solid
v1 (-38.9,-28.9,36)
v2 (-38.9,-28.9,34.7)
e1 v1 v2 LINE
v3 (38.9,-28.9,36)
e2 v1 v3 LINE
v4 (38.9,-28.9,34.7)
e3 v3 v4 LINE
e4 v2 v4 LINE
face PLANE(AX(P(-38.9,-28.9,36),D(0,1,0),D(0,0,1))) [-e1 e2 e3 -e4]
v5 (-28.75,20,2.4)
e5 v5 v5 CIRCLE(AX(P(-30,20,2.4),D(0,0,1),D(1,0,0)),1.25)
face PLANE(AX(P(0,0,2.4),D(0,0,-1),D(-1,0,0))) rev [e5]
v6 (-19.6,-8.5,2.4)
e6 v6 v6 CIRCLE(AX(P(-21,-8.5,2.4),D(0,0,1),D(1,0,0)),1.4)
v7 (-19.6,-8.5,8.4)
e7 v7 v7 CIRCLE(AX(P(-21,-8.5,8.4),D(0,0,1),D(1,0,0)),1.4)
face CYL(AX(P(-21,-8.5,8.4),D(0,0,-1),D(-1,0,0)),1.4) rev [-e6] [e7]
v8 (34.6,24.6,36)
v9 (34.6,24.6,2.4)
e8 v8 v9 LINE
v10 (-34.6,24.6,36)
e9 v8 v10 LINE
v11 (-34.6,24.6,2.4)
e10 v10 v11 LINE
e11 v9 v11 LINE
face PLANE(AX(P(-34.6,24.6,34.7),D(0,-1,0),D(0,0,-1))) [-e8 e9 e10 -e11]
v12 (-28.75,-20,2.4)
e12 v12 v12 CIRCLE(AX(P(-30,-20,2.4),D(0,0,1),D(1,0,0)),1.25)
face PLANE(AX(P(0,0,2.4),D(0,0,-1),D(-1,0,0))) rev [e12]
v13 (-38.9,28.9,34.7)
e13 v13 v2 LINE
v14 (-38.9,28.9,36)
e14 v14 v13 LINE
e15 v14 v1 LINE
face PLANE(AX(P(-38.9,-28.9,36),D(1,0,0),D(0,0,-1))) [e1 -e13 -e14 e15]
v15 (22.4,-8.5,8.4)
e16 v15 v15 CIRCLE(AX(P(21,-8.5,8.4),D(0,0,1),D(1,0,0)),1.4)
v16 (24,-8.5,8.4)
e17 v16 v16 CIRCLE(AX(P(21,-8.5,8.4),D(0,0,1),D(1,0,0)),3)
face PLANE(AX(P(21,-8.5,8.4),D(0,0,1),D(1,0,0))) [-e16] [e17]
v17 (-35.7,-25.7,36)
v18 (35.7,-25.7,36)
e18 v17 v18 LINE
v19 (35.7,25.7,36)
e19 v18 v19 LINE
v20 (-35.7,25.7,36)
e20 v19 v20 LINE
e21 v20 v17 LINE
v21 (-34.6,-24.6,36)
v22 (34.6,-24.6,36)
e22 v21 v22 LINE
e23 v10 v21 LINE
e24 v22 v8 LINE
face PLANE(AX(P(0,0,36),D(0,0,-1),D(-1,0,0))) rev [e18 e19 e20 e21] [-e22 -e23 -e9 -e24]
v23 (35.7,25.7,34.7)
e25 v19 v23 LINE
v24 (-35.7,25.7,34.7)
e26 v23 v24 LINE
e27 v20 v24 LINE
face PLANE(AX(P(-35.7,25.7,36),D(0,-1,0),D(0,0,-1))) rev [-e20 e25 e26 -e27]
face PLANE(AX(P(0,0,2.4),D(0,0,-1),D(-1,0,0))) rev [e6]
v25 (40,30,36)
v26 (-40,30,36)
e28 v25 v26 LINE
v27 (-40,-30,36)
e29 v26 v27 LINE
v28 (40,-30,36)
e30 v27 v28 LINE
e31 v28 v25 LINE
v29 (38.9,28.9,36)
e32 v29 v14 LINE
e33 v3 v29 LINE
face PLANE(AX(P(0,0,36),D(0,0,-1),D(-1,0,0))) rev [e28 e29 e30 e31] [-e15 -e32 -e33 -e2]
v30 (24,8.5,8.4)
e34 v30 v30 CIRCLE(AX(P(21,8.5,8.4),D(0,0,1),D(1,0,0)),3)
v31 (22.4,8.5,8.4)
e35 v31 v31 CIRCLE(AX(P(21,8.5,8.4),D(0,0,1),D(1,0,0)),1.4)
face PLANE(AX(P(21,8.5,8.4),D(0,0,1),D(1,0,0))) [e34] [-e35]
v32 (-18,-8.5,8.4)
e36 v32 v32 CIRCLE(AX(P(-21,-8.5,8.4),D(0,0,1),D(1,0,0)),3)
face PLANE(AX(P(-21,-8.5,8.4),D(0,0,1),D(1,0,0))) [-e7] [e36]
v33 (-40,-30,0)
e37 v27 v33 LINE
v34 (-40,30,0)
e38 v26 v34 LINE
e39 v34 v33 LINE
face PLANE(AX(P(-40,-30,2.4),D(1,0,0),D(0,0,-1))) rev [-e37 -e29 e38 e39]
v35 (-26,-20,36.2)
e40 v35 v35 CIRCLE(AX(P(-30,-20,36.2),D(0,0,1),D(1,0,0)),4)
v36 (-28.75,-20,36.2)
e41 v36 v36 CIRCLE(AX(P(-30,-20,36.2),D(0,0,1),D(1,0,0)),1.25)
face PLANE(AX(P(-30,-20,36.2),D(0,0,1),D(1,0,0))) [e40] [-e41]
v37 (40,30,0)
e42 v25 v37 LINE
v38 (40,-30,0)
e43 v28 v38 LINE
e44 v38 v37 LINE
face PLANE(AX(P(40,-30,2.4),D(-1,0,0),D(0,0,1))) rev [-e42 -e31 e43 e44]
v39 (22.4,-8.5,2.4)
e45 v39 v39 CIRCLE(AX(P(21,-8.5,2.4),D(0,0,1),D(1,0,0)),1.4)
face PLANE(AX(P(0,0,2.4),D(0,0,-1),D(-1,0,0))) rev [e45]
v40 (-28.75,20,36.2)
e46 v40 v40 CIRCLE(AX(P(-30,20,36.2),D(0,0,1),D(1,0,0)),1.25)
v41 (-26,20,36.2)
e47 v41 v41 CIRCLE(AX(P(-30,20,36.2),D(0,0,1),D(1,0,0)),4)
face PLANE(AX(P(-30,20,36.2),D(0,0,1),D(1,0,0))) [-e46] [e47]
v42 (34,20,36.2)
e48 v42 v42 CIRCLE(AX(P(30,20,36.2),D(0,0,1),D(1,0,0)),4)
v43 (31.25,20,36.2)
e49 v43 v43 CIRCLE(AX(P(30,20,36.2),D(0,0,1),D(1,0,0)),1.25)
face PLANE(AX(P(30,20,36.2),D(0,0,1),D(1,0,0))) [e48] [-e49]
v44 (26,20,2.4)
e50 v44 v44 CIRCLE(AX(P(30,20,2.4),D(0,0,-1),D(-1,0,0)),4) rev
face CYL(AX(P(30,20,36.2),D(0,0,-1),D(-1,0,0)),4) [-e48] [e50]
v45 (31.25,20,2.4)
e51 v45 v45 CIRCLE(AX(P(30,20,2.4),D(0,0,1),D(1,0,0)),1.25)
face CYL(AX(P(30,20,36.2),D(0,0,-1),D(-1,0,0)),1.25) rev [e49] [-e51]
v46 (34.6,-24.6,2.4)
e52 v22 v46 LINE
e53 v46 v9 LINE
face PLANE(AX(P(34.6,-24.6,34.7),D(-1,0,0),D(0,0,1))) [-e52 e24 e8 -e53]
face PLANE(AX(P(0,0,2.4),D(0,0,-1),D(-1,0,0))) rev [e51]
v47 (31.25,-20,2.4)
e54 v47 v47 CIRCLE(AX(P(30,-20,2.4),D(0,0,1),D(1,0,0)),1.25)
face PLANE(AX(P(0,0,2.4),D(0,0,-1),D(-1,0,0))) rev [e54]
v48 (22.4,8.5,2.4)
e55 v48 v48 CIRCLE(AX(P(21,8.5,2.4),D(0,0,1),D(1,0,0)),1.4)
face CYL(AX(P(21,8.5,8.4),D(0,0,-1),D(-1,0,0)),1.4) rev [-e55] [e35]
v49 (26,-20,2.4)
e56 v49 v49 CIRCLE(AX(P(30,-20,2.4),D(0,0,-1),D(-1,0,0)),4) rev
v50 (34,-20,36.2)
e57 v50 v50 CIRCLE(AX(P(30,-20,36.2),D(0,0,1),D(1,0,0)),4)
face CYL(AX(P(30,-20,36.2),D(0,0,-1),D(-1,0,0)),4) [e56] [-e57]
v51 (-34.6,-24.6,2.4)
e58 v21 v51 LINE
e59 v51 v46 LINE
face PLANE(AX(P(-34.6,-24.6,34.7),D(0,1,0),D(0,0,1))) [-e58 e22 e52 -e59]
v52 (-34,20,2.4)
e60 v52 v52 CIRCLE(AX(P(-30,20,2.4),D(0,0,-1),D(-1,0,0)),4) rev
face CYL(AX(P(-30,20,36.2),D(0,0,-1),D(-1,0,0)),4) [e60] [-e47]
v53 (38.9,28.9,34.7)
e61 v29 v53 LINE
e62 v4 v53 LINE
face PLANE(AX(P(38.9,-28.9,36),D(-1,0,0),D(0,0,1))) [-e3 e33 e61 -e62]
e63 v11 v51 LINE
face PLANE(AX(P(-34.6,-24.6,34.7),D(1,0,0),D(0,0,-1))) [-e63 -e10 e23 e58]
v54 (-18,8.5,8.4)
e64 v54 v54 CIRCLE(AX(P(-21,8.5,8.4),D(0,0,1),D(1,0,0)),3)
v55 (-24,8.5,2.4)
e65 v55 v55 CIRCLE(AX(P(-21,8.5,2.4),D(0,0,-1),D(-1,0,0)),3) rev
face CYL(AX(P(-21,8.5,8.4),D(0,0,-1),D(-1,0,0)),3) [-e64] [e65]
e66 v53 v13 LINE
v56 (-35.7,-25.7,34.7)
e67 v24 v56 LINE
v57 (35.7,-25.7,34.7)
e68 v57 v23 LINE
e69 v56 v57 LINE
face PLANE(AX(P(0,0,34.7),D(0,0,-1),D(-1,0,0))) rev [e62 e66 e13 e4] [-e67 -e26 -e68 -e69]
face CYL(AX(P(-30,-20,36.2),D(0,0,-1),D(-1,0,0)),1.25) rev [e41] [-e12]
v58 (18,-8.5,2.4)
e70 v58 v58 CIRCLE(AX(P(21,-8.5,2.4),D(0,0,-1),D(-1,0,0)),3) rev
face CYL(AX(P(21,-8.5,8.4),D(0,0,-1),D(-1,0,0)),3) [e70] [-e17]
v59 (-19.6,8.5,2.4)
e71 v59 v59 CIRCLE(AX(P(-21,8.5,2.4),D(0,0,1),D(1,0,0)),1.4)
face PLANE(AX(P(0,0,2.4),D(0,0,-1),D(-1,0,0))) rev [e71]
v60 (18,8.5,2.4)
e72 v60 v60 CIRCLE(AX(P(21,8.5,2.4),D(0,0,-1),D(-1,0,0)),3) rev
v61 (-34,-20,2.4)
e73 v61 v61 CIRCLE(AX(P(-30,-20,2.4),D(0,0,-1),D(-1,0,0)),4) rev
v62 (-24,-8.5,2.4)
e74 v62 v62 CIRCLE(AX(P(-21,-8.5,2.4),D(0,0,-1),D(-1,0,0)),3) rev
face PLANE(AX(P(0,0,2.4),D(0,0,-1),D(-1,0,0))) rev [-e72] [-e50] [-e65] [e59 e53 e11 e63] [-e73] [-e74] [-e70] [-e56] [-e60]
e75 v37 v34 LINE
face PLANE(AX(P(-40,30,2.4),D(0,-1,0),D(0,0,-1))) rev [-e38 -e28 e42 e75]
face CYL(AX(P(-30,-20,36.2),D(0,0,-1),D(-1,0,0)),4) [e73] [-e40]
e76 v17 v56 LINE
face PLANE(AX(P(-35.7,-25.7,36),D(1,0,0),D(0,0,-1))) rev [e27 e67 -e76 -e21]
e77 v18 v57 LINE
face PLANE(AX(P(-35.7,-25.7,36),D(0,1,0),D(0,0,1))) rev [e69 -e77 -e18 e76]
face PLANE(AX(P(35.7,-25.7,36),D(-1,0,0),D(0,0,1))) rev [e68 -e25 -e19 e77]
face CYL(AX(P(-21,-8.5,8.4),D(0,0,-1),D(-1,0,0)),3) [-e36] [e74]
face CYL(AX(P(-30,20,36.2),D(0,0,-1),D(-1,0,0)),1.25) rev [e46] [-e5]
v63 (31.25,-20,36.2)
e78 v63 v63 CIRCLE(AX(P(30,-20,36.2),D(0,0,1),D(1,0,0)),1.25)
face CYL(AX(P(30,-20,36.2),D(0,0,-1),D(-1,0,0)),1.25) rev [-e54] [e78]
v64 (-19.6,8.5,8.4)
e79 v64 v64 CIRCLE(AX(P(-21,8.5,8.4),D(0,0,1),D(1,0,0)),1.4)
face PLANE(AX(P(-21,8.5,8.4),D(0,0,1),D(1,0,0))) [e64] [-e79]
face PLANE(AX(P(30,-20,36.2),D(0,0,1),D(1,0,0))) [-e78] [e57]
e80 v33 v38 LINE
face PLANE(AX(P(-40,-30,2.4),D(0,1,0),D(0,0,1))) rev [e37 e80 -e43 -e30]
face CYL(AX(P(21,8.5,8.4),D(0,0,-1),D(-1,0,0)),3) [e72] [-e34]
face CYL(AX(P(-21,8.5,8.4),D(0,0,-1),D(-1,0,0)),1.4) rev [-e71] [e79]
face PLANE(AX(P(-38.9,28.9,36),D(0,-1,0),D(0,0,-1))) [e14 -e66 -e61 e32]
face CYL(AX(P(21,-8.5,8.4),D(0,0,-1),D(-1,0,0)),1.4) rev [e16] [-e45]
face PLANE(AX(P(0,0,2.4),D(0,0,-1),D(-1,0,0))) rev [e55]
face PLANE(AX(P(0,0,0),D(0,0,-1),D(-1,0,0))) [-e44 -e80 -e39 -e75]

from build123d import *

# Parameters (mm, degrees)
SKETCH2_W              = 80
SKETCH2_H              = 60
FLOOR_2_DEPTH          = 2.4
LOWER_WALLS_START      = 2.4
SKETCH3_W              = 80
SKETCH3_H              = 60
SKETCH3_W_2            = 69.2
SKETCH3_H_2            = 49.2
LOWER_WALLS_DEPTH      = 32.3
OUTER_GROOVE_LIP_START = 34.7
SKETCH4_W              = 80
SKETCH4_H              = 60
SKETCH4_W_2            = 77.8
SKETCH4_H_2            = 57.8
OUTER_GROOVE_LIP_DEPTH = 1.3
INNER_GROOVE_LIP_START = 34.7
SKETCH5_W              = 71.4
SKETCH5_H              = 51.4
SKETCH5_W_2            = 69.2
SKETCH5_H_2            = 49.2
INNER_GROOVE_LIP_DEPTH = 1.3
SCREW_BOSS_START       = 2.4
SKETCH6_R              = 4
SKETCH6_R_2            = 1.25
SCREW_BOSS_DEPTH       = 33.8
BOSS_EXTRUDE6_START    = 2.4
SKETCH7_R              = 4
SKETCH7_R_2            = 1.25
BOSS_EXTRUDE6_DEPTH    = 33.8
BOSS_EXTRUDE7_START    = 2.4
SKETCH8_R              = 4
SKETCH8_R_2            = 1.25
BOSS_EXTRUDE7_DEPTH    = 33.8
BOSS_EXTRUDE8_START    = 2.4
SKETCH9_R              = 4
SKETCH9_R_2            = 1.25
BOSS_EXTRUDE8_DEPTH    = 33.8
PCB_POST_START         = 2.4
SKETCH10_R             = 3
SKETCH10_R_2           = 1.4
PCB_POST_DEPTH         = 6
BOSS_EXTRUDE10_START   = 2.4
SKETCH11_R             = 3
SKETCH11_R_2           = 1.4
BOSS_EXTRUDE10_DEPTH   = 6
BOSS_EXTRUDE11_START   = 2.4
SKETCH12_R             = 3
SKETCH12_R_2           = 1.4
BOSS_EXTRUDE11_DEPTH   = 6
BOSS_EXTRUDE12_START   = 2.4
SKETCH13_R             = 3
SKETCH13_R_2           = 1.4
BOSS_EXTRUDE12_DEPTH   = 6


with BuildPart() as part:
    # Sketch2 → Floor 2 (new body)
    with BuildSketch(Plane.XY):
        Rectangle(SKETCH2_W, SKETCH2_H)
    extrude(amount=FLOOR_2_DEPTH)

    # Sketch3 → Lower_walls (add)
    with BuildSketch(Plane.XY.offset(LOWER_WALLS_START)):
        Rectangle(SKETCH3_W, SKETCH3_H)
        Rectangle(SKETCH3_W_2, SKETCH3_H_2, mode=Mode.SUBTRACT)
    extrude(amount=LOWER_WALLS_DEPTH)

    # Sketch4 → Outer_groove_lip (add)
    with BuildSketch(Plane.XY.offset(OUTER_GROOVE_LIP_START)):
        Rectangle(SKETCH4_W, SKETCH4_H)
        Rectangle(SKETCH4_W_2, SKETCH4_H_2, mode=Mode.SUBTRACT)
    extrude(amount=OUTER_GROOVE_LIP_DEPTH)

    # Sketch5 → Inner_groove_lip (add)
    with BuildSketch(Plane.XY.offset(INNER_GROOVE_LIP_START)):
        Rectangle(SKETCH5_W, SKETCH5_H)
        Rectangle(SKETCH5_W_2, SKETCH5_H_2, mode=Mode.SUBTRACT)
    extrude(amount=INNER_GROOVE_LIP_DEPTH)

    # Sketch6 → Screw_boss (add)
    with BuildSketch(Plane.XY.offset(SCREW_BOSS_START)):
        with Locations(Location((-30, -20, 0), (0, 0, 180))):
            Circle(SKETCH6_R)
        with Locations((-30, -20)):
            Circle(SKETCH6_R_2, mode=Mode.SUBTRACT)
    extrude(amount=SCREW_BOSS_DEPTH)

    # Sketch7 → Boss-Extrude6 (add)
    with BuildSketch(Plane.XY.offset(BOSS_EXTRUDE6_START)):
        with Locations(Location((-30, 20, 0), (0, 0, 180))):
            Circle(SKETCH7_R)
        with Locations((-30, 20)):
            Circle(SKETCH7_R_2, mode=Mode.SUBTRACT)
    extrude(amount=BOSS_EXTRUDE6_DEPTH)

    # Sketch8 → Boss-Extrude7 (add)
    with BuildSketch(Plane.XY.offset(BOSS_EXTRUDE7_START)):
        with Locations(Location((30, -20, 0), (0, 0, 180))):
            Circle(SKETCH8_R)
        with Locations((30, -20)):
            Circle(SKETCH8_R_2, mode=Mode.SUBTRACT)
    extrude(amount=BOSS_EXTRUDE7_DEPTH)

    # Sketch9 → Boss-Extrude8 (add)
    with BuildSketch(Plane.XY.offset(BOSS_EXTRUDE8_START)):
        with Locations(Location((30, 20, 0), (0, 0, 180))):
            Circle(SKETCH9_R)
        with Locations((30, 20)):
            Circle(SKETCH9_R_2, mode=Mode.SUBTRACT)
    extrude(amount=BOSS_EXTRUDE8_DEPTH)

    # Sketch10 → PCB_post (add)
    with BuildSketch(Plane.XY.offset(PCB_POST_START)):
        with Locations(Location((-21, -8.5, 0), (0, 0, 180))):
            Circle(SKETCH10_R)
        with Locations((-21, -8.5)):
            Circle(SKETCH10_R_2, mode=Mode.SUBTRACT)
    extrude(amount=PCB_POST_DEPTH)

    # Sketch11 → Boss-Extrude10 (add)
    with BuildSketch(Plane.XY.offset(BOSS_EXTRUDE10_START)):
        with Locations(Location((-21, 8.5, 0), (0, 0, 180))):
            Circle(SKETCH11_R)
        with Locations((-21, 8.5)):
            Circle(SKETCH11_R_2, mode=Mode.SUBTRACT)
    extrude(amount=BOSS_EXTRUDE10_DEPTH)

    # Sketch12 → Boss-Extrude11 (add)
    with BuildSketch(Plane.XY.offset(BOSS_EXTRUDE11_START)):
        with Locations(Location((21, -8.5, 0), (0, 0, 180))):
            Circle(SKETCH12_R)
        with Locations((21, -8.5)):
            Circle(SKETCH12_R_2, mode=Mode.SUBTRACT)
    extrude(amount=BOSS_EXTRUDE11_DEPTH)

    # Sketch13 → Boss-Extrude12 (add)
    with BuildSketch(Plane.XY.offset(BOSS_EXTRUDE12_START)):
        with Locations(Location((21, 8.5, 0), (0, 0, 180))):
            Circle(SKETCH13_R)
        with Locations((21, 8.5)):
            Circle(SKETCH13_R_2, mode=Mode.SUBTRACT)
    extrude(amount=BOSS_EXTRUDE12_DEPTH)


solid = part.part
